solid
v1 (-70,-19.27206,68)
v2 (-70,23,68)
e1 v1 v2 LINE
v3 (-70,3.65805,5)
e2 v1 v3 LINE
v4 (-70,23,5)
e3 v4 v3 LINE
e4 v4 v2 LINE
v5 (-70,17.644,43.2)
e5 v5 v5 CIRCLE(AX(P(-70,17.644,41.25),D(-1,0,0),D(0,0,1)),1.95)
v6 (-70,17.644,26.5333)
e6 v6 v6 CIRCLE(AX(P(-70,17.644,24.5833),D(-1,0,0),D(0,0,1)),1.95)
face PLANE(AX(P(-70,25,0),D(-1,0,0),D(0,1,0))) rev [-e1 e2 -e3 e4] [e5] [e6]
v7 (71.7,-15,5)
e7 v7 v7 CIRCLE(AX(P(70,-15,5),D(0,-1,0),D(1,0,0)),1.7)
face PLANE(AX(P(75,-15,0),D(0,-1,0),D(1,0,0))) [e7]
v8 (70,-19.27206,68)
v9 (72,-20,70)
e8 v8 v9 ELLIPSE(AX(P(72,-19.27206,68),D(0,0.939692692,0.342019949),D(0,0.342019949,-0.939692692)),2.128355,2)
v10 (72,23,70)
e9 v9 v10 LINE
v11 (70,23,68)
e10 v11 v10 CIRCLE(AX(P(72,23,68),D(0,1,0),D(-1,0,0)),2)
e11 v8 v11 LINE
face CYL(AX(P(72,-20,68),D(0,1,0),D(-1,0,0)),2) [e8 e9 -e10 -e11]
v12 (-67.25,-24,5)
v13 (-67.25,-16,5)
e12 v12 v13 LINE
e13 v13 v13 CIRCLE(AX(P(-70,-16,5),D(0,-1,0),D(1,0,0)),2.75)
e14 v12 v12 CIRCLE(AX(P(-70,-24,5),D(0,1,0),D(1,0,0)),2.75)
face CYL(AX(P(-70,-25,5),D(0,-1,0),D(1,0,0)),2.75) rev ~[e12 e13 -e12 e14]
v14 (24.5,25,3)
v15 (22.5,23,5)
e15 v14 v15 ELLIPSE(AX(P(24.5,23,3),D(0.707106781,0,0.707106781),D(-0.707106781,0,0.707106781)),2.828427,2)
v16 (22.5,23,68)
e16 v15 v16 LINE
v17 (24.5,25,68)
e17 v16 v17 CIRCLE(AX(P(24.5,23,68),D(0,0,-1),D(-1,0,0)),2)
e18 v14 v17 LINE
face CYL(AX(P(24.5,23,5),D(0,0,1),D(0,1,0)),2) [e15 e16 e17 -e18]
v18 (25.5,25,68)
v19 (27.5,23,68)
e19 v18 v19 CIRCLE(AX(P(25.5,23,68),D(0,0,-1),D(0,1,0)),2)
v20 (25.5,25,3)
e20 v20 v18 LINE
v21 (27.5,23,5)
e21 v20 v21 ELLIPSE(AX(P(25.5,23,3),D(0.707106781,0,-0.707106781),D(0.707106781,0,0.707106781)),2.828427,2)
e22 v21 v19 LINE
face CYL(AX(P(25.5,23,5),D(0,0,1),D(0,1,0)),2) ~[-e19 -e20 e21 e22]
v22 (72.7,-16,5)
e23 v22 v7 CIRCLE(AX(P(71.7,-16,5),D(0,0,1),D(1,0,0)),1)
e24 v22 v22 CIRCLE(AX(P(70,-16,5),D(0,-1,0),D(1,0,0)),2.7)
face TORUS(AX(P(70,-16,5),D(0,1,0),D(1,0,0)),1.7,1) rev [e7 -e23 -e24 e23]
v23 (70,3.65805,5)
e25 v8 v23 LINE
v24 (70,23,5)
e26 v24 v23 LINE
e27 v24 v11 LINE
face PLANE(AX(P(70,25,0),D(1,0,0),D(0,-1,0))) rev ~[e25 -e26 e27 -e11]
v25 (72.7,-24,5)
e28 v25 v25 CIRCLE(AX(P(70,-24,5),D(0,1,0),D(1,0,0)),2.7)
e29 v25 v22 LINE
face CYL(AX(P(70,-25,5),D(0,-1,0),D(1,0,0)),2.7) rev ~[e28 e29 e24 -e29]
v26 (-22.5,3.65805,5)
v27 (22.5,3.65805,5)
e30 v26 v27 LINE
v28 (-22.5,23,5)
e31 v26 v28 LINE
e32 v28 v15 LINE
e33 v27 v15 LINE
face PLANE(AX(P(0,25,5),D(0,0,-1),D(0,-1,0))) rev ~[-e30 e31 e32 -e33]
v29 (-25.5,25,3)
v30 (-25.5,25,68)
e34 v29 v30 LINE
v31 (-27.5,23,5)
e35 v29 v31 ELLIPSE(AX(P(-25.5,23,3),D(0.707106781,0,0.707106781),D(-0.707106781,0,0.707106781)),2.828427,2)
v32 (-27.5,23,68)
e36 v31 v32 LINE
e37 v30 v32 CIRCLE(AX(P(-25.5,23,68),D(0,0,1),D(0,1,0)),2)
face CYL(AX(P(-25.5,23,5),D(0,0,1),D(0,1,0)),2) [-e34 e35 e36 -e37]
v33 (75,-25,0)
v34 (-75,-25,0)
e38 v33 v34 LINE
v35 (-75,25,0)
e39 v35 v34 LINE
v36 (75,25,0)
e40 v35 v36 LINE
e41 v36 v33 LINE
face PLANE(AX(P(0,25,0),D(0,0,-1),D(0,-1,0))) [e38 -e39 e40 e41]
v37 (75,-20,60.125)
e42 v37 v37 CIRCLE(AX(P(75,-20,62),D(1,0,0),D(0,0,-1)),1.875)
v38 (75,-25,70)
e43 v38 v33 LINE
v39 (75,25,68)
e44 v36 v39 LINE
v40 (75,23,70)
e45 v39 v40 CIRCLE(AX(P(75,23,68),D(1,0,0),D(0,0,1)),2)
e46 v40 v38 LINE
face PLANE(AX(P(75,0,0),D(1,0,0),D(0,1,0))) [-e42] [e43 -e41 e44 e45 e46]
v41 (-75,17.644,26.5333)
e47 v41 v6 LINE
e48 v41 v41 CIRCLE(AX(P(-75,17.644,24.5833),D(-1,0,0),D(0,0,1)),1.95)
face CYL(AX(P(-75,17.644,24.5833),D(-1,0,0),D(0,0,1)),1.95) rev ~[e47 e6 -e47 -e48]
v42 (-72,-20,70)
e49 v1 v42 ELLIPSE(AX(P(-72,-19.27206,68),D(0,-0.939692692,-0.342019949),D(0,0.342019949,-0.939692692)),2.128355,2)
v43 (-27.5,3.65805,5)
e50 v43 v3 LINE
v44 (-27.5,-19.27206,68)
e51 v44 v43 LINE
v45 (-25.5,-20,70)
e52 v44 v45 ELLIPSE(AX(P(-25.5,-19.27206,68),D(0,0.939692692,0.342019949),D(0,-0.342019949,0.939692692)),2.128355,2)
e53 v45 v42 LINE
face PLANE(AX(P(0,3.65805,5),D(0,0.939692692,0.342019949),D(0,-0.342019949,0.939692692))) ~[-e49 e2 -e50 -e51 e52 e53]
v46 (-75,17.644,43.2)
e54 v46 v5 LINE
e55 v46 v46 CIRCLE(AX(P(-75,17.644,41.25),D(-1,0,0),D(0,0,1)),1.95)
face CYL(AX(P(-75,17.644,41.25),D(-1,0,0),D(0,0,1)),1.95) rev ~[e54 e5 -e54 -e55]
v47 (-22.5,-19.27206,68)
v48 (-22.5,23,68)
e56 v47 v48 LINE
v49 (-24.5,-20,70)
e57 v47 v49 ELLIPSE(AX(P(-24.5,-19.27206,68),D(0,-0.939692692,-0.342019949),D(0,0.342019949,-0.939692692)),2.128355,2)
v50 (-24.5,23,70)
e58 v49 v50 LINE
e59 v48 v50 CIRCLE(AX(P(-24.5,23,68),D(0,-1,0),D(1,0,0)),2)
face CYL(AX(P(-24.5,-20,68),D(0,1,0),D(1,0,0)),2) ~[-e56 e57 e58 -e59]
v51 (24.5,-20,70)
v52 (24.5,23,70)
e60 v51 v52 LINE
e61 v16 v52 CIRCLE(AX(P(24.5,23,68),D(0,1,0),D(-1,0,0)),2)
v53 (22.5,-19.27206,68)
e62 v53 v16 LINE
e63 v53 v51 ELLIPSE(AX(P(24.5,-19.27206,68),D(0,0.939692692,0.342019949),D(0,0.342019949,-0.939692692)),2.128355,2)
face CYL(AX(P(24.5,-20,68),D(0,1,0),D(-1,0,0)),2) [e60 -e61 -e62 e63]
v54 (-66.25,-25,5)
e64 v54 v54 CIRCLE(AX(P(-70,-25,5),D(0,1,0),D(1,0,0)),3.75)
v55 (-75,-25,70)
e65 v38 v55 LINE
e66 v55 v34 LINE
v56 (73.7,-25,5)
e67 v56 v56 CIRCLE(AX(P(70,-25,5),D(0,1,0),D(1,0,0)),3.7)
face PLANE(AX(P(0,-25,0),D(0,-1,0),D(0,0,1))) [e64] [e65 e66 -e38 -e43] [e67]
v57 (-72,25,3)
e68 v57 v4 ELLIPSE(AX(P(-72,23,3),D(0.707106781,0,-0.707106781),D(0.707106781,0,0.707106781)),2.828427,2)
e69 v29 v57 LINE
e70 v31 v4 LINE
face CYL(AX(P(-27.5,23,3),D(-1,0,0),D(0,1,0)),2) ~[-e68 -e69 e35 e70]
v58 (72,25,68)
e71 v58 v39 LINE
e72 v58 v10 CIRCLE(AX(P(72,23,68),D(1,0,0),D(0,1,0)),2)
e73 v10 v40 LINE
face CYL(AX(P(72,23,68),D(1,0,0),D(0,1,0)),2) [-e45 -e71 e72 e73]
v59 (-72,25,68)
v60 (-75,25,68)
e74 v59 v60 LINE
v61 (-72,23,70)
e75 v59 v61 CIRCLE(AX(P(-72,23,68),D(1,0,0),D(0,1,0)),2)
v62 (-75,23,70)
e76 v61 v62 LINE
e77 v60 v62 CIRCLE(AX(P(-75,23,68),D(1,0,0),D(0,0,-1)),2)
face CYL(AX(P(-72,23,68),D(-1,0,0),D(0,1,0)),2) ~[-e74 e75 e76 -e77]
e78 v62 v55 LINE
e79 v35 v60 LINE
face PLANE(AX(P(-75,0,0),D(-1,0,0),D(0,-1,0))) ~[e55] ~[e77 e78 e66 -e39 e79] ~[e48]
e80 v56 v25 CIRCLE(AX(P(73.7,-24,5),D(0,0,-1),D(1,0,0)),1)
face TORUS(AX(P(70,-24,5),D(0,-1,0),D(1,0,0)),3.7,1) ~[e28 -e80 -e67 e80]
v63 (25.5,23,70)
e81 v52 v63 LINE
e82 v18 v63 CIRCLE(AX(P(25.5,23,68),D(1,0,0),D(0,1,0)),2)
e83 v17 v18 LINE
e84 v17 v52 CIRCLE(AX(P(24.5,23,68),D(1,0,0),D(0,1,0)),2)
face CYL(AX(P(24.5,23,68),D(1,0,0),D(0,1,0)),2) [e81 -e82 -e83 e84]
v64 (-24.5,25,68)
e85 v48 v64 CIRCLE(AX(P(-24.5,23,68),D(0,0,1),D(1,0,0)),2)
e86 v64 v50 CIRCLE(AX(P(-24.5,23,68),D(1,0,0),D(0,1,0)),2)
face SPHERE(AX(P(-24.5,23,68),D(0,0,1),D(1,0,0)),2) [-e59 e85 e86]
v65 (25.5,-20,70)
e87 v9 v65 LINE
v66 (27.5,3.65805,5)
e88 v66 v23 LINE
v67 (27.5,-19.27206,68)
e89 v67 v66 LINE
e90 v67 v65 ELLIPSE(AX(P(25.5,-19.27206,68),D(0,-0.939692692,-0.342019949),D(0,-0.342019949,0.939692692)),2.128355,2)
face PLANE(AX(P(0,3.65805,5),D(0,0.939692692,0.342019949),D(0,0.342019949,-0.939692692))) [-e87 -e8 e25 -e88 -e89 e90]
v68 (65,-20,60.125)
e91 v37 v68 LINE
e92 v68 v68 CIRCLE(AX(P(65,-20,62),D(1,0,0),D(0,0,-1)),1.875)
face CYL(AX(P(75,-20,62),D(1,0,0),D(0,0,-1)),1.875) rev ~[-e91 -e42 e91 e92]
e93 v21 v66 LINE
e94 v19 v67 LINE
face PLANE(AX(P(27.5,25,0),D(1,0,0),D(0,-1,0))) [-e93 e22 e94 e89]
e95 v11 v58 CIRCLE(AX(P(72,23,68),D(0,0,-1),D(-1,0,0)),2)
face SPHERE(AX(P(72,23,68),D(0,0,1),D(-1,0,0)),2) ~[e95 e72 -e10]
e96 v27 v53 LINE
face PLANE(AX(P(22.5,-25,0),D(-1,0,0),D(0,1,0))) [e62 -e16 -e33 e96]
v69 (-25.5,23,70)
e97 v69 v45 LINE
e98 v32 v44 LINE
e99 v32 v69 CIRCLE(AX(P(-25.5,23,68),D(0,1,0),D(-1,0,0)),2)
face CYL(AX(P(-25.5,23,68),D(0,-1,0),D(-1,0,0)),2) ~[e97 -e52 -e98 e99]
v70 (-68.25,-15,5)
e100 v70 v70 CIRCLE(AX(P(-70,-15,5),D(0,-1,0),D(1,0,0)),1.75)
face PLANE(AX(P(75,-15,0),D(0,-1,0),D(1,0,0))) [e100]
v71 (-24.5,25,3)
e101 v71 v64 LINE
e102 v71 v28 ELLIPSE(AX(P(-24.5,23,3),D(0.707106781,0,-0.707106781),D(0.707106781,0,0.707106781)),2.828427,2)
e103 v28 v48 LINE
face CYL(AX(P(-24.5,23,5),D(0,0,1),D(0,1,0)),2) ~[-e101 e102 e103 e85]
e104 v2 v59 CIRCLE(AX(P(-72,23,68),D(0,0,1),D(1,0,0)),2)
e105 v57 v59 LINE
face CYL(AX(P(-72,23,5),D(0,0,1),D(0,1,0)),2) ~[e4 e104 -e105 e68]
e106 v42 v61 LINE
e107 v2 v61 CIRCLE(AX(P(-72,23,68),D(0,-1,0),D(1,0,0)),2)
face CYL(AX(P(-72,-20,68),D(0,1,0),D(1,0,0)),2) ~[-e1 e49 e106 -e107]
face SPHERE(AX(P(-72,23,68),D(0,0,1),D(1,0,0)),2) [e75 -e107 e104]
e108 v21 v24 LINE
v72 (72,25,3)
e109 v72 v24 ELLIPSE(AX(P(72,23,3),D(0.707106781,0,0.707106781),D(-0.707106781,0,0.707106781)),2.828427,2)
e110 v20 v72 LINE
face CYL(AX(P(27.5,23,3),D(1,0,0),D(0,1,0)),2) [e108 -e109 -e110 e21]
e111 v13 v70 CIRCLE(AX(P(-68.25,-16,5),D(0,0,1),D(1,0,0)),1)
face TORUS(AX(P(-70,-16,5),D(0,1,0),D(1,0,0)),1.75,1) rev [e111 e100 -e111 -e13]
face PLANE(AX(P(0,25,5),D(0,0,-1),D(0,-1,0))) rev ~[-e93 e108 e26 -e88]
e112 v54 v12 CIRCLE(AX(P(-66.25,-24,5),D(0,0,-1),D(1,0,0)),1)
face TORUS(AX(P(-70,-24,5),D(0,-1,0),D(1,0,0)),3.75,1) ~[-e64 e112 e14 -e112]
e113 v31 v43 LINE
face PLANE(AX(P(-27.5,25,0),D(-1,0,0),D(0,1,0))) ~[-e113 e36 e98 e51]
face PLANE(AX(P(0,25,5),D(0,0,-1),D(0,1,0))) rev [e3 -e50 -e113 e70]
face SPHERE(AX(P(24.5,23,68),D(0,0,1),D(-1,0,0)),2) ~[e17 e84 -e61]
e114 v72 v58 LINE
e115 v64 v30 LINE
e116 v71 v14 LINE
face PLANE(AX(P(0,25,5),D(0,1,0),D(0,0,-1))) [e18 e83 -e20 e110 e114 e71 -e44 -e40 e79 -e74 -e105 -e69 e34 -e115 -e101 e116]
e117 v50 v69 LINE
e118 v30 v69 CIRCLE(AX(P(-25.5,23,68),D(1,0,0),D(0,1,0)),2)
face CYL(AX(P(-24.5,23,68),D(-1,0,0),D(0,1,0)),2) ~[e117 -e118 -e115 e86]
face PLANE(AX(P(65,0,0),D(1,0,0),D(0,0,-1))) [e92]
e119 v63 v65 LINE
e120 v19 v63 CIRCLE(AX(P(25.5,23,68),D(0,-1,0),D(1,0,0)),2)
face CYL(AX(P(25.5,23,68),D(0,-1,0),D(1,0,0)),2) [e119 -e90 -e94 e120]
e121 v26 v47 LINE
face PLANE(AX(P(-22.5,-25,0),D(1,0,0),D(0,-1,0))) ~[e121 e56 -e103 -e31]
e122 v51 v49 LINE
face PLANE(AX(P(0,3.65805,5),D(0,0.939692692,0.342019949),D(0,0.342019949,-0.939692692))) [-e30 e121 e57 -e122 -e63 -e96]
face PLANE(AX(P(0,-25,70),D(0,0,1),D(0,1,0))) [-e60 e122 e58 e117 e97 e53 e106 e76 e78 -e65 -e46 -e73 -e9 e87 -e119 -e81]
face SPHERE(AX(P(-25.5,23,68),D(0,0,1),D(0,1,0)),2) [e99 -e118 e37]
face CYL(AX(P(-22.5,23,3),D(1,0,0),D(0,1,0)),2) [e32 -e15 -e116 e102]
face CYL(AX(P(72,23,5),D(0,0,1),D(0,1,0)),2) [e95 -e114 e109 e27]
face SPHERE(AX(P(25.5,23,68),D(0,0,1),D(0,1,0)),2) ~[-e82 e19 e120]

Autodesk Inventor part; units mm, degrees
ref_plane "YZ Plane" through (0, 0, 0) normal (1, 0, 0) x (0, 1, 0)
ref_plane "XZ Plane" through (0, 0, 0) normal (0, 1, 0) x (-1, 0, 0)
ref_plane "XY Plane" through (0, 0, 0) normal (0, 0, 1) x (1, 0, 0)
sketch "Sketch1" plane through (0, 0, 0) normal (0, 0, 1) x (1, 0, 0)
  line L0 (-75, 25) -> (75, 25)
  line L1 (75, 25) -> (75, -25)
  line L2 (75, -25) -> (-75, -25)
  line L3 (-75, -25) -> (-75, 25)
  line L4 (-75, 25) -> (75, -25) construction
  line L5 (75, 25) -> (-75, -25) construction
  line L6 (25, 25) -> (25, -25)
  line L7 (22.5, 25) -> (27.5, 25)
  line L8 (27.5, 25) -> (27.5, -25)
  line L9 (27.5, -25) -> (22.5, -25)
  line L10 (22.5, -25) -> (22.5, 25)
  line L11 (22.5, 25) -> (27.5, -25) construction
  line L12 (27.5, 25) -> (22.5, -25) construction
  line L13 (75, 25) -> (70, 25)
  line L14 (70, 25) -> (70, -25)
  line L15 (70, -25) -> (75, -25)
  line L16 (75, -25) -> (75, 25)
  point P0 (0, 0)
  point P1 (25, 0)
  point P2 (22.5, 25)
  point P3 (22.5, -25)
  point P4 (27.5, -25)
  point P5 (27.5, 25)
  dimension "d0" = 50
  dimension "d1" = 150
  dimension "d9" = 50
  dimension "d14" = 5
  dimension "d15" = 5
sketch "Sketch2" plane through (0, 0, 0) normal (1, 0, 0) x (0, 1, 0)
  line L0 (25, 0) -> (-25, 0) projected
  line L1 (25, 0) -> (-25, 0)
  line L2 (-25, 0) -> (-25, 70)
  line L3 (-25, 70) -> (25, 70)
  line L4 (25, 70) -> (25, 0)
  line L5 (-20, 70) -> (5.4779, 0)
  line L6 (25, 5) -> (-25, 5)
  line L7 (-20, 70) -> (-20, 0)
  point P0 (0, 0)
  point P1 (5.4779, 0)
  point P2 (3.6581, 5)
  dimension "d2" = 70
  dimension "d3" = 5
  dimension "d5" = 5
  dimension "d20" = 20
extrude "Extrusion1" add sketch "Sketch2" along normal blind 75 contours L0 L7 L6 L5 | L0 L2 L6 L7 | L6 L7 L5 | L6 L2 L3 L7
extrude "Extrusion2" add sketch "Sketch2" along normal blind 75 contours L0 L5 L6 L4
extrude "Extrusion3" add sketch "Sketch1" along normal blind 70 contours L0 L1 L2 L14
extrude "Extrusion4" add sketch "Sketch1" along normal blind 70 contours L0 L6 L2 L10 | L0 L8 L2 L6
mirror "Mirror1" about plane through (0, 0, 0) normal (1, 0, 0)
fillet "Fillet1" radius 2 9 edges at (-27.5, 25, 37.5) (-22.5, 25, 37.5) (22.5, 25, 37.5) (27.5, 25, 37.5) (70, 25, 37.5) (-70, 25, 37.5) (-48.75, 25, 5) (0, 25, 5) (48.75, 25, 5)
fillet "Fillet2" radius 2 10 edges at (-25, 25, 70) (-22.5, 1.5, 70) (-27.5, 1.5, 70) (25, 25, 70) (27.5, 1.5, 70) (22.5, 1.5, 70) (73.5, 25, 70) (70, 1.5, 70) (-73.5, 25, 70) (-70, 1.5, 70)
sketch "Sketch3" plane through (75, -25, 0) normal (0, -1, 0) x (1, 0, 0)
  line L0 (0, 0) -> (-150, 0) projected
  line L1 (0, 70) -> (0, 0) projected
  line L2 (-150, 70) -> (0, 70) projected
  line L3 (-150, 70) -> (-150, 0) projected
  line L4 (-145, 5) -> (-5, 5)
  line L5 (-5, 5) -> (-5, 65)
  line L6 (-5, 65) -> (-145, 65)
  line L7 (-145, 65) -> (-145, 5)
  circle A0 centre (-5, 5) radius 2.7
  circle A1 centre (-145, 5) radius 2.75
  point P0 (-75, 0)
  dimension "d35" = 5
  dimension "d36" = 5.4
  dimension "d37" = 5.5
extrude "Extrusion5" cut sketch "Sketch3" against normal blind 10 contours L7 A1 L4 | L4 A1 L7 | A0 L5 L4 | L4 L5 A0
fillet "Fillet3" radius 1 2 edges at (67.3, -25, 5) (-72.75, -25, 5)
ref_plane "Work Plane2" through (75, -25, 5) normal (0, 0, -1) x (-1, 0, 0)
fillet "Fillet4" radius 1 1 edges at (-72.75, -15, 5)
fillet "Fillet5" radius 1 1 edges at (67.3, -15, 5)
sketch "Sketch4" plane through (75, 0, 0) normal (1, 0, 0) x (0, 0, -1)
  circle A0 centre (-62, -20) radius 1.875
  point P0 (0, 0)
  dimension "d44" = 3.75
extrude "Extrusion6" cut sketch "Sketch4" against normal blind 10
sketch "Sketch6" plane through (-75, -25, 0) normal (-1, 0, 0) x (0, 0, 1)
  circle A0 centre (41.25, 42.644) radius 1.95
  circle A1 centre (24.5833, 42.644) radius 1.95
  point P0 (0, 25)
  dimension "d52" = 3.9
  dimension "d53" = 3.9
extrude "Extrusion7" cut sketch "Sketch6" against normal blind 5
equation "\"d9\" = 0.333333 * d1"
equation "\"d5\" = d3"
equation "\"d10\" = 0.5 * d1"
equation "\"d12\" = 0.5 * d1"
equation "\"d16\" = d2"
equation "\"d18\" = d2"
properties part number "rubbish-container-group2" material "ABS Plastic"
